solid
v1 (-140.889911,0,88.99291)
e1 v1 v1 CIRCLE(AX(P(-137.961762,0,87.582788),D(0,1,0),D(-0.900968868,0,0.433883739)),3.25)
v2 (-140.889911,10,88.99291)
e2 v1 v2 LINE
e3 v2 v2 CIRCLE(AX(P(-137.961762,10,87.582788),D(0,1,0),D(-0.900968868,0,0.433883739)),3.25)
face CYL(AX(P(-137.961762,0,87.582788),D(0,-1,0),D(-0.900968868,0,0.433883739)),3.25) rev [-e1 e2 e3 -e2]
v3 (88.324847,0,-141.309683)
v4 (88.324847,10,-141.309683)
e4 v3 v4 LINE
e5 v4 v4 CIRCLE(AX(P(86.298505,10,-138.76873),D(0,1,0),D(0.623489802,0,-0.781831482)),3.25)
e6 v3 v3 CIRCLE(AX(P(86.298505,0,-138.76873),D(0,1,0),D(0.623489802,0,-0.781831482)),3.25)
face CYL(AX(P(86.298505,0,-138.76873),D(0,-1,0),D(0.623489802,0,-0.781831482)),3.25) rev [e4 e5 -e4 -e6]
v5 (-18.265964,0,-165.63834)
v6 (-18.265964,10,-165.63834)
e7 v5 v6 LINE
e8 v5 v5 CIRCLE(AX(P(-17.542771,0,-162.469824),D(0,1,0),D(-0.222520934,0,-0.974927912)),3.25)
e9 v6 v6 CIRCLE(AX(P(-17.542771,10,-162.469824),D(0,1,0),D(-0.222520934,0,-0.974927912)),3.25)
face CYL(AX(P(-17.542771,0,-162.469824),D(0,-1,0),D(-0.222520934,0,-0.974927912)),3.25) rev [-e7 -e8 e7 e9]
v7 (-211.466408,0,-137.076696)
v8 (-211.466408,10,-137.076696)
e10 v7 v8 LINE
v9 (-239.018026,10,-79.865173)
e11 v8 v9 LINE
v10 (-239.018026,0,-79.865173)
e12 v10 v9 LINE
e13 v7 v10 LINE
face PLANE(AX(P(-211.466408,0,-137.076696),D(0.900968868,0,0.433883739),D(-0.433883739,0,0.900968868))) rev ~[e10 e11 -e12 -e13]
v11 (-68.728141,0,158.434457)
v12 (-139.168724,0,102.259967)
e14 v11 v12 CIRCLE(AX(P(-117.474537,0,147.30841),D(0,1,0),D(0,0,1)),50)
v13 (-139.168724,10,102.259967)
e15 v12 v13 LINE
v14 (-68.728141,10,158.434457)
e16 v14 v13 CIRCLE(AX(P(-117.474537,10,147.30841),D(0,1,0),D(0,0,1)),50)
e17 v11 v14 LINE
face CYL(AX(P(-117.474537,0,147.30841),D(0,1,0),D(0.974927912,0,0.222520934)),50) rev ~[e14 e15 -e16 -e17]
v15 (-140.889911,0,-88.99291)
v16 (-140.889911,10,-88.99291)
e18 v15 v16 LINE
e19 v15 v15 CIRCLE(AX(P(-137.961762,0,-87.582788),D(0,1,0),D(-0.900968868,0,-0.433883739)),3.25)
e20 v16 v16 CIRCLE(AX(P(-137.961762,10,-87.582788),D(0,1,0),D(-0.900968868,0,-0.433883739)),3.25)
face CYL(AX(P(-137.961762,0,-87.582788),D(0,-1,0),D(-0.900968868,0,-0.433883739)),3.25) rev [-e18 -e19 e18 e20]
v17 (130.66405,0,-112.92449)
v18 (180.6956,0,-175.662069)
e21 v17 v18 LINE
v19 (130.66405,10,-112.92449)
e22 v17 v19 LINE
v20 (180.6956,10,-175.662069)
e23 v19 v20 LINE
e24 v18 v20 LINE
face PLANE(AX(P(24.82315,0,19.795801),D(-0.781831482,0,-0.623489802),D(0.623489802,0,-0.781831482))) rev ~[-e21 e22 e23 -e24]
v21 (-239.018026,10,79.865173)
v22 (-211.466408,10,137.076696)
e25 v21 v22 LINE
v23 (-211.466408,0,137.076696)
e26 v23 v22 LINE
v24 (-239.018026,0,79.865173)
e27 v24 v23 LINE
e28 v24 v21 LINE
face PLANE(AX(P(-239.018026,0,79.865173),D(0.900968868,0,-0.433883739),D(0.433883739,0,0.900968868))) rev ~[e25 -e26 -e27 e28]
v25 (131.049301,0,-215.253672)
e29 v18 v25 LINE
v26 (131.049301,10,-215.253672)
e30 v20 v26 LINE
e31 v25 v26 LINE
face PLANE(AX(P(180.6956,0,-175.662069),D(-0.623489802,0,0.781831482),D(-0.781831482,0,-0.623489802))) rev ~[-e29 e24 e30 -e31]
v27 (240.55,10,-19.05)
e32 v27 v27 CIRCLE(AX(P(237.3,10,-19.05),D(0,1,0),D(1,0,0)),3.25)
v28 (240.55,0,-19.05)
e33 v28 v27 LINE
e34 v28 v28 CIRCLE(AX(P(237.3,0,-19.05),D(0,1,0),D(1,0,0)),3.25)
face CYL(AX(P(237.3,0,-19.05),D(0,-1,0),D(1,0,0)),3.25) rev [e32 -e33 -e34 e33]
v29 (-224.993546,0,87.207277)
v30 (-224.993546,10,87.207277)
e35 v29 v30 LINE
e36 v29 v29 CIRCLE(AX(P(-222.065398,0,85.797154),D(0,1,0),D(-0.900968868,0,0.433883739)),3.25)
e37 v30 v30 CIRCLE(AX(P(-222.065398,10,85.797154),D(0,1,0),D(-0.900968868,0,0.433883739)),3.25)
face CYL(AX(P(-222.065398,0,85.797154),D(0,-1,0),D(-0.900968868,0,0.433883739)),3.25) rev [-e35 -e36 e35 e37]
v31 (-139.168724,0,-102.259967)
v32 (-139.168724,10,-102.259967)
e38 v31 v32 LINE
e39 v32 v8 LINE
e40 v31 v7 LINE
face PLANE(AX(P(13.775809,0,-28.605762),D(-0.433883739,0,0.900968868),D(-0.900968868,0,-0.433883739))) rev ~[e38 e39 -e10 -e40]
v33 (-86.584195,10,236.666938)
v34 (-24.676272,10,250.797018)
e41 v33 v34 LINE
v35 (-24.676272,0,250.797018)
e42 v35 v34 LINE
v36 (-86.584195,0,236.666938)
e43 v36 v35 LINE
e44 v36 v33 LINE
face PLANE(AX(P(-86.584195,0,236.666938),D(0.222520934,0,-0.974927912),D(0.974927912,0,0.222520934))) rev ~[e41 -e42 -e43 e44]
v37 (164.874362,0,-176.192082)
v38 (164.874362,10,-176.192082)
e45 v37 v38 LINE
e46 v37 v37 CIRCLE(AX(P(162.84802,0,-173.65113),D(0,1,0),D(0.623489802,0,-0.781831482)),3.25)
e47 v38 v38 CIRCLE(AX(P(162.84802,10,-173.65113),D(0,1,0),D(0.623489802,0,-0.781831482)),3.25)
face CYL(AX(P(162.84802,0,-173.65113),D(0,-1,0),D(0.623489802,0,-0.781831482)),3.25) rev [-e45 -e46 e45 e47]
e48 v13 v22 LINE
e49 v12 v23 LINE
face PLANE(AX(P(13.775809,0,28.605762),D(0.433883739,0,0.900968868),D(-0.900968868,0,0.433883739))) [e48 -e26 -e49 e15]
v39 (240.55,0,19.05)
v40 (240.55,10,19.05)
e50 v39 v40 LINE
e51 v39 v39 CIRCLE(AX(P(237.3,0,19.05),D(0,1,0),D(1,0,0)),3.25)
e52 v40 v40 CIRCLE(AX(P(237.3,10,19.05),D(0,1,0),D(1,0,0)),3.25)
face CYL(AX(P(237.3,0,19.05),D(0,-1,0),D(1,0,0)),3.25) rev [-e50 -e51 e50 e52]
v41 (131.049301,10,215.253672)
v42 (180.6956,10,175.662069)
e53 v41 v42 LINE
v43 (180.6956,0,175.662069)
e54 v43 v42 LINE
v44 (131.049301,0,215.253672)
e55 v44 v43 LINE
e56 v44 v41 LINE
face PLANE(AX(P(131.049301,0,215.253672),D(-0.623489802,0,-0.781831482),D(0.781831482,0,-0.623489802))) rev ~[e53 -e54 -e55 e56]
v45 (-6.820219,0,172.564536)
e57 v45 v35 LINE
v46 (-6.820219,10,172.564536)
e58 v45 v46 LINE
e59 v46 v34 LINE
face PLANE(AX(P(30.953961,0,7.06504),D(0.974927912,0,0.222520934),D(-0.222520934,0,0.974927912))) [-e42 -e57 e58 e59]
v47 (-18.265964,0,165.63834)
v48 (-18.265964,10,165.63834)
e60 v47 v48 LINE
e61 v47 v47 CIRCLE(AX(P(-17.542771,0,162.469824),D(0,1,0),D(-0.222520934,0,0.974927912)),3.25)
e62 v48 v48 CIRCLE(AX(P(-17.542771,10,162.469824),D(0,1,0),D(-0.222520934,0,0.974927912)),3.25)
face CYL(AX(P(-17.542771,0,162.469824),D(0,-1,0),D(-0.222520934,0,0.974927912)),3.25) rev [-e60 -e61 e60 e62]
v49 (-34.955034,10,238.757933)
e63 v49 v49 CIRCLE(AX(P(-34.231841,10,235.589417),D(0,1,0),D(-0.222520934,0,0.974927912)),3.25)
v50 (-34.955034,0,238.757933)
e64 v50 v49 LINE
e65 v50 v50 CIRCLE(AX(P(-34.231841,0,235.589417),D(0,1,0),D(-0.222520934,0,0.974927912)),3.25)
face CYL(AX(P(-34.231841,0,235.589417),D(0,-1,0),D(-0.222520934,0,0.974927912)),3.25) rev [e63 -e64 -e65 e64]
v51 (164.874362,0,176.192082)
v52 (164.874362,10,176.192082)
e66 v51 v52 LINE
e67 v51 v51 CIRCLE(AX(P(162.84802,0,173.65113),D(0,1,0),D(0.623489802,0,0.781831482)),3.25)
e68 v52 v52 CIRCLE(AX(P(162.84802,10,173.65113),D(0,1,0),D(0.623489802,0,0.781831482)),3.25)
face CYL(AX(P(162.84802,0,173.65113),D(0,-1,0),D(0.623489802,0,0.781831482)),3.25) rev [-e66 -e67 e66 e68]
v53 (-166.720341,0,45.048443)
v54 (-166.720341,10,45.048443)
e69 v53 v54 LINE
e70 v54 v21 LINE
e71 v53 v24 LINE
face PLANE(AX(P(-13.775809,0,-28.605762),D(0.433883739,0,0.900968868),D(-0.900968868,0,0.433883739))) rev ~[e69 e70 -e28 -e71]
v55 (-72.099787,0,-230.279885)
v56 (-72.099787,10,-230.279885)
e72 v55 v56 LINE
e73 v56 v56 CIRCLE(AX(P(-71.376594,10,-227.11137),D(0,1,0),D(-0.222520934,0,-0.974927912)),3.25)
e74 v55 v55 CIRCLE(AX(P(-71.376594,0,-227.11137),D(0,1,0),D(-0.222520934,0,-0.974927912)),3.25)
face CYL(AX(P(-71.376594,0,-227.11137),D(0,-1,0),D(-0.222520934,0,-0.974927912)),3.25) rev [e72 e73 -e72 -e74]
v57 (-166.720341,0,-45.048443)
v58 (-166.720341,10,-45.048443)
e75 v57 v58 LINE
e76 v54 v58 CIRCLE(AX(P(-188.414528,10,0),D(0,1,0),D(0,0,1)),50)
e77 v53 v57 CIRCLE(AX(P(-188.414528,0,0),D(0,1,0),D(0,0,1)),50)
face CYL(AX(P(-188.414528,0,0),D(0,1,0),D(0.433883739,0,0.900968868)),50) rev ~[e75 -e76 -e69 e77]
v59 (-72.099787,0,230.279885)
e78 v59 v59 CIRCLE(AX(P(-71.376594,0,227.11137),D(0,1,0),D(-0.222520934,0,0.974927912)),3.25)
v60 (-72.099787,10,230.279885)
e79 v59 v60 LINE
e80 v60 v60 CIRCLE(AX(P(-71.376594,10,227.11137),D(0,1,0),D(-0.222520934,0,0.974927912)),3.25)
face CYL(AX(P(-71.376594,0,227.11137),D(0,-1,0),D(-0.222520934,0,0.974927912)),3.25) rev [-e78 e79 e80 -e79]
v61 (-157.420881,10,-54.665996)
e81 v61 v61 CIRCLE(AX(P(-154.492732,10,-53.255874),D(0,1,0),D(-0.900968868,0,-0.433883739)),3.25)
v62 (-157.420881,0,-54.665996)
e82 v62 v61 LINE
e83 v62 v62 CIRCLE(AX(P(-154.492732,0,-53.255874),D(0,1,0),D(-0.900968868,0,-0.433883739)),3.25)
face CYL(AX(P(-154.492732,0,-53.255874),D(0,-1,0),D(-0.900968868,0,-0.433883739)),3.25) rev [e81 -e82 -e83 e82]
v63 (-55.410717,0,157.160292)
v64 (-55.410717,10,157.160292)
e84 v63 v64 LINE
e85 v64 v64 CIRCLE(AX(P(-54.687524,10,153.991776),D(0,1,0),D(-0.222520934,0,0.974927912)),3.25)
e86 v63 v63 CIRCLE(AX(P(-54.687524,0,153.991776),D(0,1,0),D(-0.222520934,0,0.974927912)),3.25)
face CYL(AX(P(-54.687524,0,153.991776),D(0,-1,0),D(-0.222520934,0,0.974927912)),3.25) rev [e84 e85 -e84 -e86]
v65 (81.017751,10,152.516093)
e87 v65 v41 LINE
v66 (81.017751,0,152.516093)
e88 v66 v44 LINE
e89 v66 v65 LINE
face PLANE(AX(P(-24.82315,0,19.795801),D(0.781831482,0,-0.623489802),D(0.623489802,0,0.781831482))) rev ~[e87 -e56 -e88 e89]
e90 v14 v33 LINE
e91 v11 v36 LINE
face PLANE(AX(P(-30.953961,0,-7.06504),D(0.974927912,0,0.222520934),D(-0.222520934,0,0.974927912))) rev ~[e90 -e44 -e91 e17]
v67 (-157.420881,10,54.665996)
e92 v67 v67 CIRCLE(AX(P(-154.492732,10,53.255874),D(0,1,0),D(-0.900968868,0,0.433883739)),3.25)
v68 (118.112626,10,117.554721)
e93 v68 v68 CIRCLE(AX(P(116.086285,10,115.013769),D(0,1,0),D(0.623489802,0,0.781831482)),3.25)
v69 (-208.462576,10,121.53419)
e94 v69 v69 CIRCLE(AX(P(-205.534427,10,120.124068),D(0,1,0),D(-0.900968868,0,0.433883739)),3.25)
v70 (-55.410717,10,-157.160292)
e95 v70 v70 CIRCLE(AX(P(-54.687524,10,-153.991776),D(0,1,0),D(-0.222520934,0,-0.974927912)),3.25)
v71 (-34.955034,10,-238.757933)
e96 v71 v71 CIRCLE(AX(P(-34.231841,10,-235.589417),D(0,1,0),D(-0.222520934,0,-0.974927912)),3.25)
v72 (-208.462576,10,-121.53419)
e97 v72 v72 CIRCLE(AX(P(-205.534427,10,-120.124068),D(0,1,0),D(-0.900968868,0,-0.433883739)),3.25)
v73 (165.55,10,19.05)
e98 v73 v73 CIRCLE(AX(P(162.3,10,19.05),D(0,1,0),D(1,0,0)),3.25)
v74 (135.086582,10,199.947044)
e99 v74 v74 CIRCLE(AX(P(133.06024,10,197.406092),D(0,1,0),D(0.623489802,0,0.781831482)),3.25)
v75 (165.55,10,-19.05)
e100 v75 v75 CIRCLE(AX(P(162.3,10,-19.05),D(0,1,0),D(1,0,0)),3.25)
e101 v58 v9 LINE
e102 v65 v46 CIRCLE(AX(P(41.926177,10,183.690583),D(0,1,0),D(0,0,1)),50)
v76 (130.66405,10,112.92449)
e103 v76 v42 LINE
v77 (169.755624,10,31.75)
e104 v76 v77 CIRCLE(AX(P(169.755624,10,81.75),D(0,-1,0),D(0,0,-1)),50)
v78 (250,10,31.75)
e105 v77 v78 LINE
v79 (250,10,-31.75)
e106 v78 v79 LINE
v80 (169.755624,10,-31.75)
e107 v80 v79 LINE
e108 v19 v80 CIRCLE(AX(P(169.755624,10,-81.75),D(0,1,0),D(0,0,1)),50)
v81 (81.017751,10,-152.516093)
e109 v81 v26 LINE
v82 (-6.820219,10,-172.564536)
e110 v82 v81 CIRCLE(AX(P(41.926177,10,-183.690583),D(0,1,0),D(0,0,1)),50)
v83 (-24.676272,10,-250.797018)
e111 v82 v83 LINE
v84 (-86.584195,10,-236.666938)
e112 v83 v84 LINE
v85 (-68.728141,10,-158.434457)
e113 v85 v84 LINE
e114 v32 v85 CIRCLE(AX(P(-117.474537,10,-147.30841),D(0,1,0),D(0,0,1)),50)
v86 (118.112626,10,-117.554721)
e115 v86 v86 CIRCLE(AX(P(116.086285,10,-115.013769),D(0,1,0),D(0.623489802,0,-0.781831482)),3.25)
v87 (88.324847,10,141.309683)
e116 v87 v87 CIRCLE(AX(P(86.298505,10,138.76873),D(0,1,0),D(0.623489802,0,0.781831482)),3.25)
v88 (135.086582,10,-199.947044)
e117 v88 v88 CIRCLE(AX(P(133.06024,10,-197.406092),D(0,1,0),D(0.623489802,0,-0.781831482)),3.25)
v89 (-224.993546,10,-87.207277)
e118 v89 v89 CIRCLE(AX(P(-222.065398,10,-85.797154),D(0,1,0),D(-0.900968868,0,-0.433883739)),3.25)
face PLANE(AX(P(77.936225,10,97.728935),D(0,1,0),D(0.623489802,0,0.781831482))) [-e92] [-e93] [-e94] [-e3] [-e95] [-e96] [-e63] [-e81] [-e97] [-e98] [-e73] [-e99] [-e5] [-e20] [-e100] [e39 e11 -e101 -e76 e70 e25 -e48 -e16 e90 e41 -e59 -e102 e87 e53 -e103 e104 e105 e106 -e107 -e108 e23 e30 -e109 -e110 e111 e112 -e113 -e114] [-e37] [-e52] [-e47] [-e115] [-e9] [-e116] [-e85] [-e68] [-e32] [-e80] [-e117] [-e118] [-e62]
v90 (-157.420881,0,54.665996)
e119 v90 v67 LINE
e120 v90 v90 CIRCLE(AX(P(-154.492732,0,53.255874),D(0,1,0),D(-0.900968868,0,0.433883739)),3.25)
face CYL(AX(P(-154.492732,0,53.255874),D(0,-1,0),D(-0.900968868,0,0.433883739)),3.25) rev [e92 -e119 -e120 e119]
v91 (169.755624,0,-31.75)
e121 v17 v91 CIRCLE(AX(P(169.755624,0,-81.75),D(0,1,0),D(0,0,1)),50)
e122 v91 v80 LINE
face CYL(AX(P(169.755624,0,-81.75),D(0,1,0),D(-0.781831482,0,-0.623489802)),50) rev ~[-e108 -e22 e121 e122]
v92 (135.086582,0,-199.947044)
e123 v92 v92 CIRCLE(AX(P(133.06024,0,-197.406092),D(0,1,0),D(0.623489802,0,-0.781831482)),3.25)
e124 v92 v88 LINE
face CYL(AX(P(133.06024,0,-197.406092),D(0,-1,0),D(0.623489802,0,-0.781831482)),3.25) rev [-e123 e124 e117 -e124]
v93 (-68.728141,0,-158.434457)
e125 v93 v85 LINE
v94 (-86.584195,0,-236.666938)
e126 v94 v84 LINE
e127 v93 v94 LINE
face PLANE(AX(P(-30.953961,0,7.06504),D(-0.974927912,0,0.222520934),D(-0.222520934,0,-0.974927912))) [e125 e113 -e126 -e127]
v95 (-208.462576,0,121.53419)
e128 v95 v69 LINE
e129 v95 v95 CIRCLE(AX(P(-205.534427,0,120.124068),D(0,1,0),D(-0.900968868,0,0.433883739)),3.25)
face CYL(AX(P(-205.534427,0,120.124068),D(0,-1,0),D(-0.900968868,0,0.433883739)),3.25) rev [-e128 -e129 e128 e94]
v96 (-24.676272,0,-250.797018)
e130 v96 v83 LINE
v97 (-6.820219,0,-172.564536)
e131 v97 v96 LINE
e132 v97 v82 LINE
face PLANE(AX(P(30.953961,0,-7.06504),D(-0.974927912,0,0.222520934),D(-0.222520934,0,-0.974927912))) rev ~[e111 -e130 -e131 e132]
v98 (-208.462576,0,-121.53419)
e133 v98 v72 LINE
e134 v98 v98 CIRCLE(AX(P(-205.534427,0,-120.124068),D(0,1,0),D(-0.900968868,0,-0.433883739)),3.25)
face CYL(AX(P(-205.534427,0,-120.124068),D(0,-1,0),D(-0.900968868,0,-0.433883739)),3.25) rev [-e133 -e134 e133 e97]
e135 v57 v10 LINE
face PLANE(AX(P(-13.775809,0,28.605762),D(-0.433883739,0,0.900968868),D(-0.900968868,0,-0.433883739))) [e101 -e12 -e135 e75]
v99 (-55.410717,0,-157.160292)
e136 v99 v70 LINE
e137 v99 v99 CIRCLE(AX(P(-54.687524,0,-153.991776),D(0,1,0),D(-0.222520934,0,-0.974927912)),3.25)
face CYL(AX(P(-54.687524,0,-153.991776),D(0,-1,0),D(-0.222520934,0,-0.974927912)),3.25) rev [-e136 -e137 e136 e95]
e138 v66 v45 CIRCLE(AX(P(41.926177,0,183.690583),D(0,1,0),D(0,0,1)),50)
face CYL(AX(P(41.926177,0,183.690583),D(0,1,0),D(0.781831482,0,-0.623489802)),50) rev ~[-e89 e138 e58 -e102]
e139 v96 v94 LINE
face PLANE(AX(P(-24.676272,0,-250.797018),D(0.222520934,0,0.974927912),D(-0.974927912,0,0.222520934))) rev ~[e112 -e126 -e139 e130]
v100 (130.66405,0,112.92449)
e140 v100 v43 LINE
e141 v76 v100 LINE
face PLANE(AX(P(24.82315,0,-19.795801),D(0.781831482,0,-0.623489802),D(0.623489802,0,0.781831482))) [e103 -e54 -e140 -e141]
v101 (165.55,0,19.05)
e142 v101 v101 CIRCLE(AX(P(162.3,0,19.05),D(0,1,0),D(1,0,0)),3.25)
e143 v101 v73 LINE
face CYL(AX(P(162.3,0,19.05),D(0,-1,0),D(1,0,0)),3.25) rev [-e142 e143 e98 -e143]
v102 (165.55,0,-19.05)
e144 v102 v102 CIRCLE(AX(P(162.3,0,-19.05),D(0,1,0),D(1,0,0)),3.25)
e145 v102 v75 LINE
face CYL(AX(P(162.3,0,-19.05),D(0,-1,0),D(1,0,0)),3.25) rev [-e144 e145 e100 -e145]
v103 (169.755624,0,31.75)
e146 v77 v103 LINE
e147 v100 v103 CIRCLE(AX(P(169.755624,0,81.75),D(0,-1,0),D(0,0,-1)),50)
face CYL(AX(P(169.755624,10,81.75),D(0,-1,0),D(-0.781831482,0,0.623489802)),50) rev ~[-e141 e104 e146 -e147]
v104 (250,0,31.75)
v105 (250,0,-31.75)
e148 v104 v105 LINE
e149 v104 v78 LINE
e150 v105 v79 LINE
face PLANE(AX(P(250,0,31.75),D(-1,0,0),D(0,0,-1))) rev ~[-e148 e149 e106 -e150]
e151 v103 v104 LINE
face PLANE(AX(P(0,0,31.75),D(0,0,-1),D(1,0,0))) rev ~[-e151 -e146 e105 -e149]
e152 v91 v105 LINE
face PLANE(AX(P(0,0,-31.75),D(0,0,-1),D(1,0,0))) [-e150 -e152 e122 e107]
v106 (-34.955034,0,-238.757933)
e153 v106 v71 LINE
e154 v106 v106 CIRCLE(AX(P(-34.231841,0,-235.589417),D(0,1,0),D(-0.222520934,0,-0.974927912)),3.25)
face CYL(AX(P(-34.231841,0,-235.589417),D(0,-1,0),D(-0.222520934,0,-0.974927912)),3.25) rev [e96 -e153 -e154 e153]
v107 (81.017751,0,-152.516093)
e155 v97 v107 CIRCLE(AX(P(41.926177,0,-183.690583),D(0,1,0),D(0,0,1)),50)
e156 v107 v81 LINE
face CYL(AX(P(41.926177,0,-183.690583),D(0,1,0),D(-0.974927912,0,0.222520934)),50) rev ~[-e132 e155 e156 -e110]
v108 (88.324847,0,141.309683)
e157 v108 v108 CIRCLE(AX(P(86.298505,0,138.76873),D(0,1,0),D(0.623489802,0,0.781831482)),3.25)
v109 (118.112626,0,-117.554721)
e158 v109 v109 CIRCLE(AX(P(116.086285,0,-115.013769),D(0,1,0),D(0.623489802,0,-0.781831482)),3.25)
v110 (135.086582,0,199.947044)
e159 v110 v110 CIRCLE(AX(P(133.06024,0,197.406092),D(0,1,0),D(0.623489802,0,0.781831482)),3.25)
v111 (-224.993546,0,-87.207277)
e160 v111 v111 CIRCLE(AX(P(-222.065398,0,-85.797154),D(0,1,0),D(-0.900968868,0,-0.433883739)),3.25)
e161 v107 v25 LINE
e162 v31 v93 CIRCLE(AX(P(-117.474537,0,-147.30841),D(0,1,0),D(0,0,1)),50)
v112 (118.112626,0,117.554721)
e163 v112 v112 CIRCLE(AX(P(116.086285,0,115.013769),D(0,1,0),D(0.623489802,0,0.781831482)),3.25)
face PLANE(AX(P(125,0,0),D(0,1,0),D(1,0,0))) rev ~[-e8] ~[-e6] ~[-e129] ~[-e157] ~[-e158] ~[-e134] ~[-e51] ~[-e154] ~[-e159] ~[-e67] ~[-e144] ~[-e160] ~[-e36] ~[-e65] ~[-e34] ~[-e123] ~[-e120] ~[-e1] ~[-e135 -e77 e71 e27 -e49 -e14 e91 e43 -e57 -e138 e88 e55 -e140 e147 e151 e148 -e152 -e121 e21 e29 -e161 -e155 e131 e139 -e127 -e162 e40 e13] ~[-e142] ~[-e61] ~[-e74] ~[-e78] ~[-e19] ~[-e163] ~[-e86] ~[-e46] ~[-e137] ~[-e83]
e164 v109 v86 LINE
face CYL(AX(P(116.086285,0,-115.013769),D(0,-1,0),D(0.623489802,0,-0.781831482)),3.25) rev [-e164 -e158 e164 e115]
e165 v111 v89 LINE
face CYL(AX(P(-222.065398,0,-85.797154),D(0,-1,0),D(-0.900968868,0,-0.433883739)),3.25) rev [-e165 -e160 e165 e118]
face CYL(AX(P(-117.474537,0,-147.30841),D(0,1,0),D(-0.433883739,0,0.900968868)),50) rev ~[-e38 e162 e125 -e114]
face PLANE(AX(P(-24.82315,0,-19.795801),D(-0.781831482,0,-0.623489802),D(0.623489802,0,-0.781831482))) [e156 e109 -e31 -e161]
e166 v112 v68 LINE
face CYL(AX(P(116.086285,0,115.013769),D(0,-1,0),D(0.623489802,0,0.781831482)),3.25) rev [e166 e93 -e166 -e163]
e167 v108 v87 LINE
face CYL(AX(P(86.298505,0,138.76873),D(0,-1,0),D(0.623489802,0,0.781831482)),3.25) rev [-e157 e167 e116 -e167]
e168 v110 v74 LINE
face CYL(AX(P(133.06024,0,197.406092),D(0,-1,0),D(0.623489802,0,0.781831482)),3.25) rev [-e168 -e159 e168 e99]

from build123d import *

# Parameters (mm, degrees)
SKETCH3_W           = 250
SKETCH3_H           = 63.5
SKETCH3_R           = 3.25
BOSS_EXTRUDE1_DEPTH = 10
CIRPATTERN1_COUNT   = 7
FILLET1_R           = 50


with BuildPart() as part:
    # Sketch3 → Boss-Extrude1 (new body)
    with BuildSketch(Plane(origin=(0, 0, 0), x_dir=(1, 0, 0), z_dir=(0, 1, 0))):
        with Locations((125, 0)):
            Rectangle(SKETCH3_W, SKETCH3_H)
        with Locations((162.3, 19.05)):
            Circle(SKETCH3_R, mode=Mode.SUBTRACT)
        with Locations((162.3, -19.05)):
            Circle(SKETCH3_R, mode=Mode.SUBTRACT)
        with Locations((237.3, 19.05)):
            Circle(SKETCH3_R, mode=Mode.SUBTRACT)
        with Locations((237.3, -19.05)):
            Circle(SKETCH3_R, mode=Mode.SUBTRACT)
    boss_extrude1 = extrude(amount=BOSS_EXTRUDE1_DEPTH)

    # CirPattern1: Boss-Extrude1 ×7 about axis
    cirpattern1_axis = Axis((0, 0, 0), (0, 1, 0))
    for i in range(1, CIRPATTERN1_COUNT):
        add(boss_extrude1.rotate(cirpattern1_axis, i * 360 / CIRPATTERN1_COUNT))

    # Fillet1
    fillet1_edges = [part.edges().sort_by_distance(p)[0] for p in [
        (65.929554341, 5, 31.75),
        (65.929554341, 5, -31.75),
        (16.283255204, 5, 71.341602418),
        (-45.624667219, 5, 57.211523112),
        (-73.176284653, 5, 0),
        (-45.624667219, 5, -57.211523112),
        (16.283255204, 5, -71.341602418),
    ]]
    fillet(fillet1_edges, radius=FILLET1_R)


solid = part.part
